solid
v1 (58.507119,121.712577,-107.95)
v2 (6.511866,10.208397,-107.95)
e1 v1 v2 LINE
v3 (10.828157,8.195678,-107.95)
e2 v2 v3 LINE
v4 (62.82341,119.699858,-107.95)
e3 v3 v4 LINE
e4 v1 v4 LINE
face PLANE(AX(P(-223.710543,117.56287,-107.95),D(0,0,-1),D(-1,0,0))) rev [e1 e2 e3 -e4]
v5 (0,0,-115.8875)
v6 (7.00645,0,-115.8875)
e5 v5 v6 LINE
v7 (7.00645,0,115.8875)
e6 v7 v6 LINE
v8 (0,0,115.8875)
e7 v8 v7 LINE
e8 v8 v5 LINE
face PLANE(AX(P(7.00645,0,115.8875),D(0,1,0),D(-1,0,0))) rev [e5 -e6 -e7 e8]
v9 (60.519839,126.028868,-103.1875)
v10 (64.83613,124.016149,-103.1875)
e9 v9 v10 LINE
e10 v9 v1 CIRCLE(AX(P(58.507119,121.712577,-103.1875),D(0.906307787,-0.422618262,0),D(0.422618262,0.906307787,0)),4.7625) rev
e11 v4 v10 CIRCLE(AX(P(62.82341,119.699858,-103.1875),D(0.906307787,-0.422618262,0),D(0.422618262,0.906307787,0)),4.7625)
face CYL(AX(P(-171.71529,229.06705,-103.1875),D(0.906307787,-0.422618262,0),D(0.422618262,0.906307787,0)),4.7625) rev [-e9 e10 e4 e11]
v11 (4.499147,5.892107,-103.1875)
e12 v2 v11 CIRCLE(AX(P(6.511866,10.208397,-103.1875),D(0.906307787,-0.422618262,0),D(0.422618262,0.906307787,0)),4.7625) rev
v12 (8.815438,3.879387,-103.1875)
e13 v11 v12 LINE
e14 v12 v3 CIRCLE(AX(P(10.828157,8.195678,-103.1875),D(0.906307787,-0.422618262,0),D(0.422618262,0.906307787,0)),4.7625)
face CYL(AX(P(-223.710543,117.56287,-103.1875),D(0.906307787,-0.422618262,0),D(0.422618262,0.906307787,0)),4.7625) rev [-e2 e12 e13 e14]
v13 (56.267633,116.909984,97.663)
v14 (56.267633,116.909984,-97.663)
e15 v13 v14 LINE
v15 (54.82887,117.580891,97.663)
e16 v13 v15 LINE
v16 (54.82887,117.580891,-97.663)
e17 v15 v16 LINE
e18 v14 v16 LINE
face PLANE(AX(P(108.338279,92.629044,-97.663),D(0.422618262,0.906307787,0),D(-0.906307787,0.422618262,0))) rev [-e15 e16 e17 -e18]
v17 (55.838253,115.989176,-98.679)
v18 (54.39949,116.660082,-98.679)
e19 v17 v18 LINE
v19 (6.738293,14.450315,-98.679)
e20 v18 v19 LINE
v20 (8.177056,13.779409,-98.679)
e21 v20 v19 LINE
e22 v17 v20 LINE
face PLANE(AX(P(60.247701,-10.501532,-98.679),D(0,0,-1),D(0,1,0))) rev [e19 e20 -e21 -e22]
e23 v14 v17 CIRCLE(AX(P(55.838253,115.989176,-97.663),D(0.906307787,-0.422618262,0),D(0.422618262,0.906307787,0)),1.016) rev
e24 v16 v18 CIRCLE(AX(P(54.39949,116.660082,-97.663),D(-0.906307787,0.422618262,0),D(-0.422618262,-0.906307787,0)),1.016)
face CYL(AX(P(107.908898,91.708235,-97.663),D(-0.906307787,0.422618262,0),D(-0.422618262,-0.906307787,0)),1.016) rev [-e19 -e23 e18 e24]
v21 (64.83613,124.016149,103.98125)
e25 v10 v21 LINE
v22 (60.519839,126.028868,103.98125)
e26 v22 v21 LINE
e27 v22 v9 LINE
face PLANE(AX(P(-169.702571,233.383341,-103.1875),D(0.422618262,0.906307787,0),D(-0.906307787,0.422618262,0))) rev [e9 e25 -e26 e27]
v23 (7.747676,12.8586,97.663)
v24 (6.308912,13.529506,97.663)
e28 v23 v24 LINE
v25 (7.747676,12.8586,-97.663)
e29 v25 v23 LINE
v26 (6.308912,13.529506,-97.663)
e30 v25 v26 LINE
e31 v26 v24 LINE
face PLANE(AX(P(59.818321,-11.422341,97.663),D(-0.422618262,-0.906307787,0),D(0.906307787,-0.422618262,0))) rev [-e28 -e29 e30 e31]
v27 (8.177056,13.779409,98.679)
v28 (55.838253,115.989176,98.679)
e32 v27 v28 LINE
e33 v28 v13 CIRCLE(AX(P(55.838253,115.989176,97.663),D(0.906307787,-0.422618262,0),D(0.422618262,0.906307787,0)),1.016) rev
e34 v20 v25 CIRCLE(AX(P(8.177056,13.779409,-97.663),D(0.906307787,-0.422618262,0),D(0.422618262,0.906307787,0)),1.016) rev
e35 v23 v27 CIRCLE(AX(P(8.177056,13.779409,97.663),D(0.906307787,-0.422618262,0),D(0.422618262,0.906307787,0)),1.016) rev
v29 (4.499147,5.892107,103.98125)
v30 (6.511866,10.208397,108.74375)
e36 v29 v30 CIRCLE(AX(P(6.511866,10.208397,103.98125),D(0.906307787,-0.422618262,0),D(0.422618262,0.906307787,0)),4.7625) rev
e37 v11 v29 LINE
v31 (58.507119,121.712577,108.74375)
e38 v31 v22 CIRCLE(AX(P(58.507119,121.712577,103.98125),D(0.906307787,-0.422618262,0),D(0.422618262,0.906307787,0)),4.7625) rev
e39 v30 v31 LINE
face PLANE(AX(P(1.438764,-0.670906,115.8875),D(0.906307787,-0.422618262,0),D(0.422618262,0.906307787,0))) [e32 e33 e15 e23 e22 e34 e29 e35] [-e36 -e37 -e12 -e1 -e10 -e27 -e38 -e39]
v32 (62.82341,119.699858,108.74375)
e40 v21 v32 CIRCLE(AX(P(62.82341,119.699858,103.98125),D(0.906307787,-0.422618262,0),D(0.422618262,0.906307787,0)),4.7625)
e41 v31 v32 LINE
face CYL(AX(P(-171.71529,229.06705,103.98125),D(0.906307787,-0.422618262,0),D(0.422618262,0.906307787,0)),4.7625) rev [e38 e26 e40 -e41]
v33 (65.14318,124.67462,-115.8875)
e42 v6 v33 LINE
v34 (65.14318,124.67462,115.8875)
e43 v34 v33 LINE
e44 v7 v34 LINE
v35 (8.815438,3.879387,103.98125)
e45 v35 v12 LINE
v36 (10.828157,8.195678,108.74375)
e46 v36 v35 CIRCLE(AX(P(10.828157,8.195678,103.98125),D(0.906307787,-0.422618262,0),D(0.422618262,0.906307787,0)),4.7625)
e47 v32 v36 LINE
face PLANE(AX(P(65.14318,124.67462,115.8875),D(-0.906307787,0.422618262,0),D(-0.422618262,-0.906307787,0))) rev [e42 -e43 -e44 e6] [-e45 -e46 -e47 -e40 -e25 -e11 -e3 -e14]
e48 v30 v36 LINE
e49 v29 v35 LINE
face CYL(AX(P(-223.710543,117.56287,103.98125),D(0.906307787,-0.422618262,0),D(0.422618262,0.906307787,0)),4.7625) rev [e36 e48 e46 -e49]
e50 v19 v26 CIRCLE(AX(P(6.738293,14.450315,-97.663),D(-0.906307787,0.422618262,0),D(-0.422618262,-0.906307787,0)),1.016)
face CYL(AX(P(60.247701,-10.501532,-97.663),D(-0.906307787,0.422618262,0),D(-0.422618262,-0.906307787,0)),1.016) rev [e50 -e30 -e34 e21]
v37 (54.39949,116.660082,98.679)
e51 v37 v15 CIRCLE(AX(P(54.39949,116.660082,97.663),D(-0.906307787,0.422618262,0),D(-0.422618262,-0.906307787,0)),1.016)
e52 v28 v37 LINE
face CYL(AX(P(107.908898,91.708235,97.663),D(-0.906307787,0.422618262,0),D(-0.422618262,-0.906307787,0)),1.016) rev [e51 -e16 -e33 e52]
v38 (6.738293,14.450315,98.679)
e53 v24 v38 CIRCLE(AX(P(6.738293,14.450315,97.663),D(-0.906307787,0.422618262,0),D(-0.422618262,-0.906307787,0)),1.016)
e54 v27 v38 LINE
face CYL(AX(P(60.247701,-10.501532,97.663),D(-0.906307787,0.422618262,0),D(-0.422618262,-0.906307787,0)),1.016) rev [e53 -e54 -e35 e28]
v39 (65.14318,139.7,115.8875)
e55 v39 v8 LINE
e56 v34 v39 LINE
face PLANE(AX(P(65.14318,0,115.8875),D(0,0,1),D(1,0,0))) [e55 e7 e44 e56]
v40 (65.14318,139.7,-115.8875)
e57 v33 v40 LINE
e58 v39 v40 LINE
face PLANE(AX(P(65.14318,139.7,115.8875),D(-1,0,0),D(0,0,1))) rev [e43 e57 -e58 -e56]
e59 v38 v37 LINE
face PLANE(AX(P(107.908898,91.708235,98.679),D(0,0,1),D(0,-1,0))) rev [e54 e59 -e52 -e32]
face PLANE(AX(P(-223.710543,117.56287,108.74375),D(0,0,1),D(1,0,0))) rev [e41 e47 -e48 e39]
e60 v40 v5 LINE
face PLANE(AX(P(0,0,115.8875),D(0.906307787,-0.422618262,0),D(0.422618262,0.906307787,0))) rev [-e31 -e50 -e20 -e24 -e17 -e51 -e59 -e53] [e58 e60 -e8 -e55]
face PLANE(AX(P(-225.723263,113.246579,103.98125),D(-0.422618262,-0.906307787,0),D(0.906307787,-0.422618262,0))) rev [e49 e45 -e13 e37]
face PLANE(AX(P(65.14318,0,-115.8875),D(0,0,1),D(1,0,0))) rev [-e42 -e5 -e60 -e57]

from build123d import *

# Parameters (mm, degrees)
BOSS_EXTRUDE1_DEPTH = 115.8875
CUT_EXTRUDE1_REACH  = 194.846
SKETCH3_W           = 213.51875
SKETCH3_H           = 129.38125
CUT_EXTRUDE3_DEPTH  = 4.7625
FILLET1_R           = 3.175
CUT_EXTRUDE4_START  = -4.7625
CUT_EXTRUDE4_DEPTH  = 4.7625


with BuildPart() as part:
    # Sketch1 → Boss-Extrude1 (new, symmetric)
    with BuildSketch(Plane.XY):
        Polygon((0, 0), (65.143179844, 139.7), (65.143179844, 124.674619947), (7.006449785, 0), align=None)
    extrude(amount=BOSS_EXTRUDE1_DEPTH, both=True)

    # Sketch2 → Cut-Extrude1 (cut, up to next)
    with BuildSketch(Plane(origin=(0, 0, 0), x_dir=(0, 0, 1), z_dir=(-0.906307787036651, 0.42261826174069705, 0)), mode=Mode.PRIVATE) as cut_extrude1_sk1:
        with BuildLine():
            Line((-98.679, 15.944158686), (-98.679, 128.720158686))
            ThreePointArc((-98.679, 128.720158686), (-98.38142049, 129.438579176), (-97.663, 129.736158686))
            Line((-97.663, 129.736158686), (97.663, 129.736158686))
            ThreePointArc((97.663, 129.736158686), (98.38142049, 129.438579176), (98.679, 128.720158686))
            Line((98.679, 128.720158686), (98.679, 15.944158686))
            ThreePointArc((98.679, 15.944158686), (98.38142049, 15.225738197), (97.663, 14.928158686))
            Line((97.663, 14.928158686), (-97.663, 14.928158686))
            ThreePointArc((-97.663, 14.928158686), (-98.38142049, 15.225738197), (-98.679, 15.944158686))
        make_face()
    cut_extrude1_tool1 = extrude(cut_extrude1_sk1.sketch, amount=-CUT_EXTRUDE1_REACH, mode=Mode.PRIVATE) & part.part
    add(cut_extrude1_tool1.solids().sort_by_distance((30.568891, 65.555199, 0))[0], mode=Mode.SUBTRACT)

    # Sketch3 → Cut-Extrude3 (cut)
    with BuildSketch(Plane(origin=(5.755054448, -2.683625962, 0), x_dir=(0, 0, -1), z_dir=(0.906307787036651, -0.42261826174069717, 0))):
        with Locations((-0.396875, 73.519608686)):
            Rectangle(SKETCH3_W, SKETCH3_H)
    extrude(amount=-CUT_EXTRUDE3_DEPTH, mode=Mode.SUBTRACT)

    # Fillet1
    fillet1_edges = [part.edges().sort_by_distance(p)[0] for p in [
        (7.328198768, 6.32451044, 107.15625),
        (62.007077745, 123.583744812, 107.15625),
        (62.007077745, 123.583744812, -106.3625),
        (7.328198768, 6.32451044, -106.3625),
    ]]
    fillet(fillet1_edges, radius=FILLET1_R)

    # Sketch4 → Cut-Extrude4 (cut)
    with BuildSketch(Plane(origin=(5.755054448, -2.683625962, 0), x_dir=(0, 0, -1), z_dir=(0.906307787036651, -0.42261826174069717, 0)).offset(CUT_EXTRUDE4_START)):
        with BuildLine():
            Line((107.95, 12.003983686), (107.95, 135.035233686))
            ThreePointArc((107.95, 135.035233686), (106.555096045, 138.402829732), (103.1875, 139.797733686))
            Line((103.1875, 139.797733686), (-103.98125, 139.797733686))
            ThreePointArc((-103.98125, 139.797733686), (-107.348846045, 138.402829732), (-108.74375, 135.035233686))
            Line((-108.74375, 135.035233686), (-108.74375, 12.003983686))
            ThreePointArc((-108.74375, 12.003983686), (-107.348846045, 8.636387641), (-103.98125, 7.241483686))
            Line((-103.98125, 7.241483686), (103.1875, 7.241483686))
            ThreePointArc((103.1875, 7.241483686), (106.555096045, 8.636387641), (107.95, 12.003983686))
        make_face()
        with BuildLine():
            Line((-103.98125, 8.828983686), (103.1875, 8.828983686))
            ThreePointArc((103.1875, 8.828983686), (105.43256403, 9.758919656), (106.3625, 12.003983686))
            Line((106.3625, 12.003983686), (106.3625, 135.035233686))
            ThreePointArc((106.3625, 135.035233686), (105.43256403, 137.280297717), (103.1875, 138.210233686))
            Line((103.1875, 138.210233686), (-103.98125, 138.210233686))
            ThreePointArc((-103.98125, 138.210233686), (-106.22631403, 137.280297717), (-107.15625, 135.035233686))
            Line((-107.15625, 135.035233686), (-107.15625, 12.003983686))
            ThreePointArc((-107.15625, 12.003983686), (-106.22631403, 9.758919656), (-103.98125, 8.828983686))
        make_face(mode=Mode.SUBTRACT)
    extrude(amount=CUT_EXTRUDE4_DEPTH, mode=Mode.SUBTRACT)


solid = part.part
